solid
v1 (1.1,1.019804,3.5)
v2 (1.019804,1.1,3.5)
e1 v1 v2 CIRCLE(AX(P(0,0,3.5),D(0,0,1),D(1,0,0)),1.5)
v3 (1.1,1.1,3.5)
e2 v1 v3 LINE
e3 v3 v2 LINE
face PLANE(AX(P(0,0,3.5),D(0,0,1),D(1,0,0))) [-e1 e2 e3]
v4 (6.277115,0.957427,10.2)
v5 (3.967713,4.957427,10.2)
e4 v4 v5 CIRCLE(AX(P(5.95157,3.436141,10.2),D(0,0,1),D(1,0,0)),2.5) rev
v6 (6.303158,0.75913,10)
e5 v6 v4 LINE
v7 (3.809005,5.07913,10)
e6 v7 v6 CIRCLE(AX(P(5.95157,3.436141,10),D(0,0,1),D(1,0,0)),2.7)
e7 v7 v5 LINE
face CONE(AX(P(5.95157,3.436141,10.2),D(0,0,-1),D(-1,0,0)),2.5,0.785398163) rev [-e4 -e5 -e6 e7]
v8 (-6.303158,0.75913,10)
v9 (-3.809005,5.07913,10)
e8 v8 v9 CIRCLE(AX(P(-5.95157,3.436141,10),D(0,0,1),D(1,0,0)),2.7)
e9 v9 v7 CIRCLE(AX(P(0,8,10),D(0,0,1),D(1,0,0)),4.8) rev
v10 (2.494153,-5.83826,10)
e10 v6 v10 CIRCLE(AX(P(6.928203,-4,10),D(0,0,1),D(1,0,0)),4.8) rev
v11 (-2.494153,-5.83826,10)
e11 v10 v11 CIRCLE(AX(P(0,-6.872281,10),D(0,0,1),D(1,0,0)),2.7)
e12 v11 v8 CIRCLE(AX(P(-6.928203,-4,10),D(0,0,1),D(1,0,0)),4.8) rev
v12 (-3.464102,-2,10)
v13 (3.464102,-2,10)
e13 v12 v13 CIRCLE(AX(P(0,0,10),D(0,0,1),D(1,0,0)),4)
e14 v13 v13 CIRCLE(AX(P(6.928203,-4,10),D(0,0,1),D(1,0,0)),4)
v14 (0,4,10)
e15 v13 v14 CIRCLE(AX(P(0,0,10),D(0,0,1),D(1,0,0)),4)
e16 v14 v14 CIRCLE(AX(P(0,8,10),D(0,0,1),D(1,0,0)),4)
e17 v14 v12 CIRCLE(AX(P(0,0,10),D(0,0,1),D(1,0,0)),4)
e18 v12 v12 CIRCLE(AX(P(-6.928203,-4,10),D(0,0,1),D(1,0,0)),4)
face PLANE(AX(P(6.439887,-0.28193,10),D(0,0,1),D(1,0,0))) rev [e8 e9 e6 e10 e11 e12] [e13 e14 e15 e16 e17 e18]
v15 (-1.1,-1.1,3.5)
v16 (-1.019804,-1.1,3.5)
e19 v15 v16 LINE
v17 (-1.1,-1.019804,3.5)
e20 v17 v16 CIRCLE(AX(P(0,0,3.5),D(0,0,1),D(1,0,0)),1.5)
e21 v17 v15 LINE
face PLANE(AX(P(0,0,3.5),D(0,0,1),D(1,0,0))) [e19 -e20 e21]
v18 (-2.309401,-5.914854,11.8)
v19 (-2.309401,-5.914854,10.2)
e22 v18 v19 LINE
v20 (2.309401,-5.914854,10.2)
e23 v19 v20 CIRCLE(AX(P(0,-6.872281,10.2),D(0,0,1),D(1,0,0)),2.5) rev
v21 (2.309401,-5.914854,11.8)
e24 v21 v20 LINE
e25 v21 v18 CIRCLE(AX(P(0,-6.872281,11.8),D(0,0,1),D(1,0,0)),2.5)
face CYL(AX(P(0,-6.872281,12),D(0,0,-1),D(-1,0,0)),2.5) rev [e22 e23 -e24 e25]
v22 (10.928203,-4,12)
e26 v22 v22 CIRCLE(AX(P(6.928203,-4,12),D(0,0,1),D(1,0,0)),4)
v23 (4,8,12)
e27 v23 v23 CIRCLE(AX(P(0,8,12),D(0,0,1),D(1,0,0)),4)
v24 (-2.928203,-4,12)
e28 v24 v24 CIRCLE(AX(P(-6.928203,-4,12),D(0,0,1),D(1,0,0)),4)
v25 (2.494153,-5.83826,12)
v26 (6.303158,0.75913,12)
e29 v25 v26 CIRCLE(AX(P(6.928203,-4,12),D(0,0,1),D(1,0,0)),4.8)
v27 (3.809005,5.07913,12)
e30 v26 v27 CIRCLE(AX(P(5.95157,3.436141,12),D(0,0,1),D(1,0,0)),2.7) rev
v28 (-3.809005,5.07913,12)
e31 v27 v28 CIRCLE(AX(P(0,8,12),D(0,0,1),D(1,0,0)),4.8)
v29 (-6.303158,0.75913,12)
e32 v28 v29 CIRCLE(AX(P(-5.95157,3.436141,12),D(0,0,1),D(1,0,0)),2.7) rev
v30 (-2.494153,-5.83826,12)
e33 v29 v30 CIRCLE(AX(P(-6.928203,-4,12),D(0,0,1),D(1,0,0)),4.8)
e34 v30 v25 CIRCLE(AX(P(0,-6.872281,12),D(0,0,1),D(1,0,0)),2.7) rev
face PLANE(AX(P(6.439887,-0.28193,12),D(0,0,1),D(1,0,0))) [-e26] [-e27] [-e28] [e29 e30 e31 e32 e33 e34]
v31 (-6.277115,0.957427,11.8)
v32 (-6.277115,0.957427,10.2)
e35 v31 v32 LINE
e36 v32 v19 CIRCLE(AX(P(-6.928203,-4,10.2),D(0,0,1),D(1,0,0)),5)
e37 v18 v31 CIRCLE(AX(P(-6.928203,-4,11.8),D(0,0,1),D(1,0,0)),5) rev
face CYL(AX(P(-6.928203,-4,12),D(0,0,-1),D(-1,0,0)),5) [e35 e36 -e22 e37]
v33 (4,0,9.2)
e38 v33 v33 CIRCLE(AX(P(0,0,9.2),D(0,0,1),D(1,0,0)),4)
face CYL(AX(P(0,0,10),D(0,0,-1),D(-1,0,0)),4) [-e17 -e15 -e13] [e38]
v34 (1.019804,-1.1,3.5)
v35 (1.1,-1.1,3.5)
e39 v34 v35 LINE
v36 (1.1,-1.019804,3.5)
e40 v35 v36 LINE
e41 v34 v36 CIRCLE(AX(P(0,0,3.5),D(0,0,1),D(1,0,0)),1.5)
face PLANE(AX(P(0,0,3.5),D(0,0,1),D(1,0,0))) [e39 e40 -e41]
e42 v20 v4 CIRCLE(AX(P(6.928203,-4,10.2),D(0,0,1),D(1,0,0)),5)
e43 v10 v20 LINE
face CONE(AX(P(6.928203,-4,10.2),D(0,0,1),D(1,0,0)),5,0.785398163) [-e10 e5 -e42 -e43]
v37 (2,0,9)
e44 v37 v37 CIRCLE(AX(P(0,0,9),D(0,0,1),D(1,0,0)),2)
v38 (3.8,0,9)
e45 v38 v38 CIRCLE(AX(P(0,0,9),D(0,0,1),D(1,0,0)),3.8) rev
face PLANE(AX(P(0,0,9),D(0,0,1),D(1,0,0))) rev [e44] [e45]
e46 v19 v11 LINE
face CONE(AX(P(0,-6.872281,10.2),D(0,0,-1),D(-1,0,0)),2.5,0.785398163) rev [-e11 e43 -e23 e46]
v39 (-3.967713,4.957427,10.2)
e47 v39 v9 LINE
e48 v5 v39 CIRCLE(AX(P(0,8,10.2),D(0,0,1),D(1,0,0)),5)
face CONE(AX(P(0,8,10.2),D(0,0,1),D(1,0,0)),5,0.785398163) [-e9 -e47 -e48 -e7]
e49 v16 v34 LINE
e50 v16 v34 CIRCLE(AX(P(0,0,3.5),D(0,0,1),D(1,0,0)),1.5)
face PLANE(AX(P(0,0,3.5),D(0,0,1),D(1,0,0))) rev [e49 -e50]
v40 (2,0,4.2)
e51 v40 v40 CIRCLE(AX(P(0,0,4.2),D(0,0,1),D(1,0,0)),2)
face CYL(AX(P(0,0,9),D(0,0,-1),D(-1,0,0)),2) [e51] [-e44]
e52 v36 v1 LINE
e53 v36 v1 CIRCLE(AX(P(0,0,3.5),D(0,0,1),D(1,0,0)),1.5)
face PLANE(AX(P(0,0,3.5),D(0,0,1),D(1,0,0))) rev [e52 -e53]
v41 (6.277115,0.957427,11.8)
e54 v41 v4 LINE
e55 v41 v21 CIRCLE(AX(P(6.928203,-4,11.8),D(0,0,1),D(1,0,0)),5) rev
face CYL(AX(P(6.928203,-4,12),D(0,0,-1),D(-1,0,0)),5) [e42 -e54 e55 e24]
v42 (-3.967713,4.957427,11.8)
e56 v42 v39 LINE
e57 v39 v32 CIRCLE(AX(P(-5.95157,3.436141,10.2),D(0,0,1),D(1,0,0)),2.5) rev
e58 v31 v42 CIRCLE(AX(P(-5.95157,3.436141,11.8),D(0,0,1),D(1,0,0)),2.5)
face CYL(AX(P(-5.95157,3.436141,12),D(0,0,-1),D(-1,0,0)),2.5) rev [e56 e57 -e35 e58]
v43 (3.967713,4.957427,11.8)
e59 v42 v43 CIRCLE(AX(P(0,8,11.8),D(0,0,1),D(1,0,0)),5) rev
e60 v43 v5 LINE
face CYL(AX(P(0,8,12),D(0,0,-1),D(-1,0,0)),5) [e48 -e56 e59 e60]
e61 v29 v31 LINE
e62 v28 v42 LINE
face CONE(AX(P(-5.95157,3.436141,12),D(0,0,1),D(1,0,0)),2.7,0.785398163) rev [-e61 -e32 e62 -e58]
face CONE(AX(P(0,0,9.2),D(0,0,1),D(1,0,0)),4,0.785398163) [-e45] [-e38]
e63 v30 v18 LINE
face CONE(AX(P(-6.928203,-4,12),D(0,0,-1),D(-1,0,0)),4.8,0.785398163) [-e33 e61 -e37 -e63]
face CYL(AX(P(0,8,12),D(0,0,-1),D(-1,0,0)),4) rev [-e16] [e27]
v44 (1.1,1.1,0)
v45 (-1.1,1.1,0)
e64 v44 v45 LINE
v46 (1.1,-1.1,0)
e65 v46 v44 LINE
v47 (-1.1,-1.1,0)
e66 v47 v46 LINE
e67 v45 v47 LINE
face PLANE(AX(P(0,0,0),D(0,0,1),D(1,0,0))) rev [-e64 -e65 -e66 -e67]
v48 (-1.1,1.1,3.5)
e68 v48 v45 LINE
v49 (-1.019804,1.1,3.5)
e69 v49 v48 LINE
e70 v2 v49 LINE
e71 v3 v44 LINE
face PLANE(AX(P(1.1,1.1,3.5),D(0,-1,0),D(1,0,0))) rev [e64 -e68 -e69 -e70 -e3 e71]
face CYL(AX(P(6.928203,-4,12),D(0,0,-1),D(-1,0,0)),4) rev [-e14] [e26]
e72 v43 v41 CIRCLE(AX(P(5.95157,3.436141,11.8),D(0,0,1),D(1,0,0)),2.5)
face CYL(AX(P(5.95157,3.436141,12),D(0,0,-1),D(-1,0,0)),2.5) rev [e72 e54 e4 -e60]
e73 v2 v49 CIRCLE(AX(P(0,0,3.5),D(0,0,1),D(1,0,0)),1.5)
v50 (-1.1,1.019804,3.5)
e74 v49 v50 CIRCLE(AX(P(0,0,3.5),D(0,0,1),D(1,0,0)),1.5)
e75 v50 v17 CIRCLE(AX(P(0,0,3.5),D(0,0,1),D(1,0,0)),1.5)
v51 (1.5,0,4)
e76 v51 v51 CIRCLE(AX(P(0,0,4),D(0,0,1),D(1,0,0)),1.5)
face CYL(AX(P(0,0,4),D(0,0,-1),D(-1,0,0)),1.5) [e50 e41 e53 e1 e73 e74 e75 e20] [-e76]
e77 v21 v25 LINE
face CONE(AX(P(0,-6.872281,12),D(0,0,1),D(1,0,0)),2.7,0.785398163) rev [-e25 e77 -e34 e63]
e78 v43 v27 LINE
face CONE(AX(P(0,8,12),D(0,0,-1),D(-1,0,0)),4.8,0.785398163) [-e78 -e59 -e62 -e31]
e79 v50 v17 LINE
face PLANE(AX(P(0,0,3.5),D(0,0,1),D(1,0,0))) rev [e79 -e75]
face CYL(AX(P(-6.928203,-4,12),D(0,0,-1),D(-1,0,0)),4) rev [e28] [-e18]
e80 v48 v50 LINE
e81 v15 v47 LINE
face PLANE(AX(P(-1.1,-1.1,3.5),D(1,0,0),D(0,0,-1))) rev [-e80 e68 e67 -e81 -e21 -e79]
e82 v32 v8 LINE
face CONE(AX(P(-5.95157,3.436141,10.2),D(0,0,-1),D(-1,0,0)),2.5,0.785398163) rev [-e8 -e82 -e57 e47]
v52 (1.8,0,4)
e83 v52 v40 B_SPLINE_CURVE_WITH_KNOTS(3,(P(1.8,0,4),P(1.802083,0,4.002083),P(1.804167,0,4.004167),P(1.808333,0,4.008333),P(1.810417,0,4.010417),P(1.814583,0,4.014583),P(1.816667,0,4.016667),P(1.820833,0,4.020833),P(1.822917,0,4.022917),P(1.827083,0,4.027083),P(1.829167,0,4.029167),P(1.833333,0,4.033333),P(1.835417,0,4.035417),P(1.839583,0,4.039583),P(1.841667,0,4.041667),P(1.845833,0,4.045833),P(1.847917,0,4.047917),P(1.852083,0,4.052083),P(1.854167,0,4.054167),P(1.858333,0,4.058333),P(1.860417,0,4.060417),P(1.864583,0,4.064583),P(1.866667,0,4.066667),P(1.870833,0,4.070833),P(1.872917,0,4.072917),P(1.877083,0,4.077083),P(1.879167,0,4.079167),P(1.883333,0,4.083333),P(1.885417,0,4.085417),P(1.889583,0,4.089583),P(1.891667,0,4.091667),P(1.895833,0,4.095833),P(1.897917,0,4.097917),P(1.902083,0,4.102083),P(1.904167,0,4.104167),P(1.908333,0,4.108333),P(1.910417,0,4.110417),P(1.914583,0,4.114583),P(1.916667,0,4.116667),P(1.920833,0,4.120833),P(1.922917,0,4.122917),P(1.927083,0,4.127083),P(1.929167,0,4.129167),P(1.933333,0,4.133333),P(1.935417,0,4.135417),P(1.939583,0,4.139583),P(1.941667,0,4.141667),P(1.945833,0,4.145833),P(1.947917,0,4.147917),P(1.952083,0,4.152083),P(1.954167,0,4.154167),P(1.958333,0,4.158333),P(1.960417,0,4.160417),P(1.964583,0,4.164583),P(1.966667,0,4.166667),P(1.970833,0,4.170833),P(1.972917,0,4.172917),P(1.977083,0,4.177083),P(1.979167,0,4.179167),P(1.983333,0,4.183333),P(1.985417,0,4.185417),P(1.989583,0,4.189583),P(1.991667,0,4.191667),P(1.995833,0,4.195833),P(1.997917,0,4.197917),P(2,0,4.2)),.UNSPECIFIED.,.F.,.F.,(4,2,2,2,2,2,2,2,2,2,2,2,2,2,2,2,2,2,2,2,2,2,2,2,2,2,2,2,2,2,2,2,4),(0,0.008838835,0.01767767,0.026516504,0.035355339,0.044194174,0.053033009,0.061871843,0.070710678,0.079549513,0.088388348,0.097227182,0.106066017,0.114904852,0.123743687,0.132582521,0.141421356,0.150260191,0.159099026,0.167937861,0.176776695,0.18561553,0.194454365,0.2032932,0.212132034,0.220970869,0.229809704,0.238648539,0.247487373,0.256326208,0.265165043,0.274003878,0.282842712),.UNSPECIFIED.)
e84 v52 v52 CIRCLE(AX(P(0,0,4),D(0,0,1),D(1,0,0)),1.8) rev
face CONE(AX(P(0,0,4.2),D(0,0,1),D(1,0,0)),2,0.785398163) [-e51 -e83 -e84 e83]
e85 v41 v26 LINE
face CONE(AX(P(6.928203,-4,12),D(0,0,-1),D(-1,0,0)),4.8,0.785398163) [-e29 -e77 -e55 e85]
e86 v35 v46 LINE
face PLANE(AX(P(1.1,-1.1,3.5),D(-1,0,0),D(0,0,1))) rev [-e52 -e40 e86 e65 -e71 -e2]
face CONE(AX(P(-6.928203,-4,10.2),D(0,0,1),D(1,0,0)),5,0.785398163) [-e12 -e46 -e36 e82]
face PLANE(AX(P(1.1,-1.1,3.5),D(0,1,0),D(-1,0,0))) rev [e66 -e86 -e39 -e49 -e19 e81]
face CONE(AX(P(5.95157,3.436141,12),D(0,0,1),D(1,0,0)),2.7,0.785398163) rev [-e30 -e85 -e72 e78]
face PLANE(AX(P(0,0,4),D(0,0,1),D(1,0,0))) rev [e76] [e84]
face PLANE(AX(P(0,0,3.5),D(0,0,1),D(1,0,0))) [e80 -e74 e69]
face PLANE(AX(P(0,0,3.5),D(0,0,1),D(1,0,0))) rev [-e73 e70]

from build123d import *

# Parameters (mm, degrees)
SCHIZZO1_W                   = 2.2
SCHIZZO1_H                   = 2.2
ESTRUSIONE_ESTRUSIONE1_DEPTH = 3.5
SCHIZZO2_R                   = 1.5
ESTRUSIONE_ESTRUSIONE2_DEPTH = 0.5
SCHIZZO3_R                   = 2
ESTRUSIONE_ESTRUSIONE3_DEPTH = 5
SCHIZZO4_R                   = 4
ESTRUSIONE_ESTRUSIONE4_DEPTH = 1
SCHIZZO5_R                   = 4
ESTRUSIONE_ESTRUSIONE5_DEPTH = 2
SMUSSO1_SIZE                 = 0.2


with BuildPart() as part:
    # Schizzo1 → Estrusione-Estrusione1 (new body)
    with BuildSketch(Plane.XY):
        Rectangle(SCHIZZO1_W, SCHIZZO1_H)
    extrude(amount=ESTRUSIONE_ESTRUSIONE1_DEPTH)

    # Schizzo2 → Estrusione-Estrusione2 (add)
    with BuildSketch(Plane.XY.offset(3.5)):
        with Locations(Location((0, 0, 0), (0, 0, 137.166571934))):
            Circle(SCHIZZO2_R)
    extrude(amount=ESTRUSIONE_ESTRUSIONE2_DEPTH)

    # Schizzo3 → Estrusione-Estrusione3 (add)
    with BuildSketch(Plane.XY.offset(4)):
        Circle(SCHIZZO3_R)
    extrude(amount=ESTRUSIONE_ESTRUSIONE3_DEPTH)

    # Schizzo4 → Estrusione-Estrusione4 (add)
    with BuildSketch(Plane.XY.offset(9)):
        Circle(SCHIZZO4_R)
    extrude(amount=ESTRUSIONE_ESTRUSIONE4_DEPTH)

    # Schizzo5 → Estrusione-Estrusione5 (add)
    with BuildSketch(Plane.XY.offset(10)):
        with BuildLine():
            ThreePointArc((3.967713472, 4.957427108), (0, 13), (-3.967713472, 4.957427108))
            ThreePointArc((-3.967713472, 4.957427108), (-3.786506698, 2.186140662), (-6.277114549, 0.957427108))
            ThreePointArc((-6.277114549, 0.957427108), (-11.258330249, -6.5), (-2.309401077, -5.914854216))
            ThreePointArc((-2.309401077, -5.914854216), (0, -4.372281323), (2.309401077, -5.914854216))
            ThreePointArc((2.309401077, -5.914854216), (11.258330249, -6.5), (6.277114549, 0.957427108))
            ThreePointArc((6.277114549, 0.957427108), (3.786506698, 2.186140662), (3.967713472, 4.957427108))
        make_face()
        with Locations(Location((0, 8, 0), (0, 0, 269.999713521))):
            Circle(SCHIZZO5_R, mode=Mode.SUBTRACT)
        with Locations(Location((6.92820323, -4, 0), (0, 0, 149.999713519))):
            Circle(SCHIZZO5_R, mode=Mode.SUBTRACT)
        with Locations(Location((-6.92820323, -4, 0), (0, 0, 29.999713529))):
            Circle(SCHIZZO5_R, mode=Mode.SUBTRACT)
    extrude(amount=ESTRUSIONE_ESTRUSIONE5_DEPTH)

    # Smusso1
    smusso1_edges = [part.edges().sort_by_distance(p)[0] for p in [
        (-2, 0, 4),
        (-4, 0, 9),
        (3.786506698, 2.186140662, 12),
        (0, 13, 12),
        (-3.786506698, 2.186140662, 12),
        (-11.258330249, -6.5, 12),
        (0, -4.372281323, 12),
        (11.258330249, -6.5, 12),
        (3.786506698, 2.186140662, 10),
        (0, 13, 10),
        (-3.786506698, 2.186140662, 10),
        (-11.258330249, -6.5, 10),
        (0, -4.372281323, 10),
        (11.258330249, -6.5, 10),
    ]]
    chamfer(smusso1_edges, length=SMUSSO1_SIZE)


solid = part.part
